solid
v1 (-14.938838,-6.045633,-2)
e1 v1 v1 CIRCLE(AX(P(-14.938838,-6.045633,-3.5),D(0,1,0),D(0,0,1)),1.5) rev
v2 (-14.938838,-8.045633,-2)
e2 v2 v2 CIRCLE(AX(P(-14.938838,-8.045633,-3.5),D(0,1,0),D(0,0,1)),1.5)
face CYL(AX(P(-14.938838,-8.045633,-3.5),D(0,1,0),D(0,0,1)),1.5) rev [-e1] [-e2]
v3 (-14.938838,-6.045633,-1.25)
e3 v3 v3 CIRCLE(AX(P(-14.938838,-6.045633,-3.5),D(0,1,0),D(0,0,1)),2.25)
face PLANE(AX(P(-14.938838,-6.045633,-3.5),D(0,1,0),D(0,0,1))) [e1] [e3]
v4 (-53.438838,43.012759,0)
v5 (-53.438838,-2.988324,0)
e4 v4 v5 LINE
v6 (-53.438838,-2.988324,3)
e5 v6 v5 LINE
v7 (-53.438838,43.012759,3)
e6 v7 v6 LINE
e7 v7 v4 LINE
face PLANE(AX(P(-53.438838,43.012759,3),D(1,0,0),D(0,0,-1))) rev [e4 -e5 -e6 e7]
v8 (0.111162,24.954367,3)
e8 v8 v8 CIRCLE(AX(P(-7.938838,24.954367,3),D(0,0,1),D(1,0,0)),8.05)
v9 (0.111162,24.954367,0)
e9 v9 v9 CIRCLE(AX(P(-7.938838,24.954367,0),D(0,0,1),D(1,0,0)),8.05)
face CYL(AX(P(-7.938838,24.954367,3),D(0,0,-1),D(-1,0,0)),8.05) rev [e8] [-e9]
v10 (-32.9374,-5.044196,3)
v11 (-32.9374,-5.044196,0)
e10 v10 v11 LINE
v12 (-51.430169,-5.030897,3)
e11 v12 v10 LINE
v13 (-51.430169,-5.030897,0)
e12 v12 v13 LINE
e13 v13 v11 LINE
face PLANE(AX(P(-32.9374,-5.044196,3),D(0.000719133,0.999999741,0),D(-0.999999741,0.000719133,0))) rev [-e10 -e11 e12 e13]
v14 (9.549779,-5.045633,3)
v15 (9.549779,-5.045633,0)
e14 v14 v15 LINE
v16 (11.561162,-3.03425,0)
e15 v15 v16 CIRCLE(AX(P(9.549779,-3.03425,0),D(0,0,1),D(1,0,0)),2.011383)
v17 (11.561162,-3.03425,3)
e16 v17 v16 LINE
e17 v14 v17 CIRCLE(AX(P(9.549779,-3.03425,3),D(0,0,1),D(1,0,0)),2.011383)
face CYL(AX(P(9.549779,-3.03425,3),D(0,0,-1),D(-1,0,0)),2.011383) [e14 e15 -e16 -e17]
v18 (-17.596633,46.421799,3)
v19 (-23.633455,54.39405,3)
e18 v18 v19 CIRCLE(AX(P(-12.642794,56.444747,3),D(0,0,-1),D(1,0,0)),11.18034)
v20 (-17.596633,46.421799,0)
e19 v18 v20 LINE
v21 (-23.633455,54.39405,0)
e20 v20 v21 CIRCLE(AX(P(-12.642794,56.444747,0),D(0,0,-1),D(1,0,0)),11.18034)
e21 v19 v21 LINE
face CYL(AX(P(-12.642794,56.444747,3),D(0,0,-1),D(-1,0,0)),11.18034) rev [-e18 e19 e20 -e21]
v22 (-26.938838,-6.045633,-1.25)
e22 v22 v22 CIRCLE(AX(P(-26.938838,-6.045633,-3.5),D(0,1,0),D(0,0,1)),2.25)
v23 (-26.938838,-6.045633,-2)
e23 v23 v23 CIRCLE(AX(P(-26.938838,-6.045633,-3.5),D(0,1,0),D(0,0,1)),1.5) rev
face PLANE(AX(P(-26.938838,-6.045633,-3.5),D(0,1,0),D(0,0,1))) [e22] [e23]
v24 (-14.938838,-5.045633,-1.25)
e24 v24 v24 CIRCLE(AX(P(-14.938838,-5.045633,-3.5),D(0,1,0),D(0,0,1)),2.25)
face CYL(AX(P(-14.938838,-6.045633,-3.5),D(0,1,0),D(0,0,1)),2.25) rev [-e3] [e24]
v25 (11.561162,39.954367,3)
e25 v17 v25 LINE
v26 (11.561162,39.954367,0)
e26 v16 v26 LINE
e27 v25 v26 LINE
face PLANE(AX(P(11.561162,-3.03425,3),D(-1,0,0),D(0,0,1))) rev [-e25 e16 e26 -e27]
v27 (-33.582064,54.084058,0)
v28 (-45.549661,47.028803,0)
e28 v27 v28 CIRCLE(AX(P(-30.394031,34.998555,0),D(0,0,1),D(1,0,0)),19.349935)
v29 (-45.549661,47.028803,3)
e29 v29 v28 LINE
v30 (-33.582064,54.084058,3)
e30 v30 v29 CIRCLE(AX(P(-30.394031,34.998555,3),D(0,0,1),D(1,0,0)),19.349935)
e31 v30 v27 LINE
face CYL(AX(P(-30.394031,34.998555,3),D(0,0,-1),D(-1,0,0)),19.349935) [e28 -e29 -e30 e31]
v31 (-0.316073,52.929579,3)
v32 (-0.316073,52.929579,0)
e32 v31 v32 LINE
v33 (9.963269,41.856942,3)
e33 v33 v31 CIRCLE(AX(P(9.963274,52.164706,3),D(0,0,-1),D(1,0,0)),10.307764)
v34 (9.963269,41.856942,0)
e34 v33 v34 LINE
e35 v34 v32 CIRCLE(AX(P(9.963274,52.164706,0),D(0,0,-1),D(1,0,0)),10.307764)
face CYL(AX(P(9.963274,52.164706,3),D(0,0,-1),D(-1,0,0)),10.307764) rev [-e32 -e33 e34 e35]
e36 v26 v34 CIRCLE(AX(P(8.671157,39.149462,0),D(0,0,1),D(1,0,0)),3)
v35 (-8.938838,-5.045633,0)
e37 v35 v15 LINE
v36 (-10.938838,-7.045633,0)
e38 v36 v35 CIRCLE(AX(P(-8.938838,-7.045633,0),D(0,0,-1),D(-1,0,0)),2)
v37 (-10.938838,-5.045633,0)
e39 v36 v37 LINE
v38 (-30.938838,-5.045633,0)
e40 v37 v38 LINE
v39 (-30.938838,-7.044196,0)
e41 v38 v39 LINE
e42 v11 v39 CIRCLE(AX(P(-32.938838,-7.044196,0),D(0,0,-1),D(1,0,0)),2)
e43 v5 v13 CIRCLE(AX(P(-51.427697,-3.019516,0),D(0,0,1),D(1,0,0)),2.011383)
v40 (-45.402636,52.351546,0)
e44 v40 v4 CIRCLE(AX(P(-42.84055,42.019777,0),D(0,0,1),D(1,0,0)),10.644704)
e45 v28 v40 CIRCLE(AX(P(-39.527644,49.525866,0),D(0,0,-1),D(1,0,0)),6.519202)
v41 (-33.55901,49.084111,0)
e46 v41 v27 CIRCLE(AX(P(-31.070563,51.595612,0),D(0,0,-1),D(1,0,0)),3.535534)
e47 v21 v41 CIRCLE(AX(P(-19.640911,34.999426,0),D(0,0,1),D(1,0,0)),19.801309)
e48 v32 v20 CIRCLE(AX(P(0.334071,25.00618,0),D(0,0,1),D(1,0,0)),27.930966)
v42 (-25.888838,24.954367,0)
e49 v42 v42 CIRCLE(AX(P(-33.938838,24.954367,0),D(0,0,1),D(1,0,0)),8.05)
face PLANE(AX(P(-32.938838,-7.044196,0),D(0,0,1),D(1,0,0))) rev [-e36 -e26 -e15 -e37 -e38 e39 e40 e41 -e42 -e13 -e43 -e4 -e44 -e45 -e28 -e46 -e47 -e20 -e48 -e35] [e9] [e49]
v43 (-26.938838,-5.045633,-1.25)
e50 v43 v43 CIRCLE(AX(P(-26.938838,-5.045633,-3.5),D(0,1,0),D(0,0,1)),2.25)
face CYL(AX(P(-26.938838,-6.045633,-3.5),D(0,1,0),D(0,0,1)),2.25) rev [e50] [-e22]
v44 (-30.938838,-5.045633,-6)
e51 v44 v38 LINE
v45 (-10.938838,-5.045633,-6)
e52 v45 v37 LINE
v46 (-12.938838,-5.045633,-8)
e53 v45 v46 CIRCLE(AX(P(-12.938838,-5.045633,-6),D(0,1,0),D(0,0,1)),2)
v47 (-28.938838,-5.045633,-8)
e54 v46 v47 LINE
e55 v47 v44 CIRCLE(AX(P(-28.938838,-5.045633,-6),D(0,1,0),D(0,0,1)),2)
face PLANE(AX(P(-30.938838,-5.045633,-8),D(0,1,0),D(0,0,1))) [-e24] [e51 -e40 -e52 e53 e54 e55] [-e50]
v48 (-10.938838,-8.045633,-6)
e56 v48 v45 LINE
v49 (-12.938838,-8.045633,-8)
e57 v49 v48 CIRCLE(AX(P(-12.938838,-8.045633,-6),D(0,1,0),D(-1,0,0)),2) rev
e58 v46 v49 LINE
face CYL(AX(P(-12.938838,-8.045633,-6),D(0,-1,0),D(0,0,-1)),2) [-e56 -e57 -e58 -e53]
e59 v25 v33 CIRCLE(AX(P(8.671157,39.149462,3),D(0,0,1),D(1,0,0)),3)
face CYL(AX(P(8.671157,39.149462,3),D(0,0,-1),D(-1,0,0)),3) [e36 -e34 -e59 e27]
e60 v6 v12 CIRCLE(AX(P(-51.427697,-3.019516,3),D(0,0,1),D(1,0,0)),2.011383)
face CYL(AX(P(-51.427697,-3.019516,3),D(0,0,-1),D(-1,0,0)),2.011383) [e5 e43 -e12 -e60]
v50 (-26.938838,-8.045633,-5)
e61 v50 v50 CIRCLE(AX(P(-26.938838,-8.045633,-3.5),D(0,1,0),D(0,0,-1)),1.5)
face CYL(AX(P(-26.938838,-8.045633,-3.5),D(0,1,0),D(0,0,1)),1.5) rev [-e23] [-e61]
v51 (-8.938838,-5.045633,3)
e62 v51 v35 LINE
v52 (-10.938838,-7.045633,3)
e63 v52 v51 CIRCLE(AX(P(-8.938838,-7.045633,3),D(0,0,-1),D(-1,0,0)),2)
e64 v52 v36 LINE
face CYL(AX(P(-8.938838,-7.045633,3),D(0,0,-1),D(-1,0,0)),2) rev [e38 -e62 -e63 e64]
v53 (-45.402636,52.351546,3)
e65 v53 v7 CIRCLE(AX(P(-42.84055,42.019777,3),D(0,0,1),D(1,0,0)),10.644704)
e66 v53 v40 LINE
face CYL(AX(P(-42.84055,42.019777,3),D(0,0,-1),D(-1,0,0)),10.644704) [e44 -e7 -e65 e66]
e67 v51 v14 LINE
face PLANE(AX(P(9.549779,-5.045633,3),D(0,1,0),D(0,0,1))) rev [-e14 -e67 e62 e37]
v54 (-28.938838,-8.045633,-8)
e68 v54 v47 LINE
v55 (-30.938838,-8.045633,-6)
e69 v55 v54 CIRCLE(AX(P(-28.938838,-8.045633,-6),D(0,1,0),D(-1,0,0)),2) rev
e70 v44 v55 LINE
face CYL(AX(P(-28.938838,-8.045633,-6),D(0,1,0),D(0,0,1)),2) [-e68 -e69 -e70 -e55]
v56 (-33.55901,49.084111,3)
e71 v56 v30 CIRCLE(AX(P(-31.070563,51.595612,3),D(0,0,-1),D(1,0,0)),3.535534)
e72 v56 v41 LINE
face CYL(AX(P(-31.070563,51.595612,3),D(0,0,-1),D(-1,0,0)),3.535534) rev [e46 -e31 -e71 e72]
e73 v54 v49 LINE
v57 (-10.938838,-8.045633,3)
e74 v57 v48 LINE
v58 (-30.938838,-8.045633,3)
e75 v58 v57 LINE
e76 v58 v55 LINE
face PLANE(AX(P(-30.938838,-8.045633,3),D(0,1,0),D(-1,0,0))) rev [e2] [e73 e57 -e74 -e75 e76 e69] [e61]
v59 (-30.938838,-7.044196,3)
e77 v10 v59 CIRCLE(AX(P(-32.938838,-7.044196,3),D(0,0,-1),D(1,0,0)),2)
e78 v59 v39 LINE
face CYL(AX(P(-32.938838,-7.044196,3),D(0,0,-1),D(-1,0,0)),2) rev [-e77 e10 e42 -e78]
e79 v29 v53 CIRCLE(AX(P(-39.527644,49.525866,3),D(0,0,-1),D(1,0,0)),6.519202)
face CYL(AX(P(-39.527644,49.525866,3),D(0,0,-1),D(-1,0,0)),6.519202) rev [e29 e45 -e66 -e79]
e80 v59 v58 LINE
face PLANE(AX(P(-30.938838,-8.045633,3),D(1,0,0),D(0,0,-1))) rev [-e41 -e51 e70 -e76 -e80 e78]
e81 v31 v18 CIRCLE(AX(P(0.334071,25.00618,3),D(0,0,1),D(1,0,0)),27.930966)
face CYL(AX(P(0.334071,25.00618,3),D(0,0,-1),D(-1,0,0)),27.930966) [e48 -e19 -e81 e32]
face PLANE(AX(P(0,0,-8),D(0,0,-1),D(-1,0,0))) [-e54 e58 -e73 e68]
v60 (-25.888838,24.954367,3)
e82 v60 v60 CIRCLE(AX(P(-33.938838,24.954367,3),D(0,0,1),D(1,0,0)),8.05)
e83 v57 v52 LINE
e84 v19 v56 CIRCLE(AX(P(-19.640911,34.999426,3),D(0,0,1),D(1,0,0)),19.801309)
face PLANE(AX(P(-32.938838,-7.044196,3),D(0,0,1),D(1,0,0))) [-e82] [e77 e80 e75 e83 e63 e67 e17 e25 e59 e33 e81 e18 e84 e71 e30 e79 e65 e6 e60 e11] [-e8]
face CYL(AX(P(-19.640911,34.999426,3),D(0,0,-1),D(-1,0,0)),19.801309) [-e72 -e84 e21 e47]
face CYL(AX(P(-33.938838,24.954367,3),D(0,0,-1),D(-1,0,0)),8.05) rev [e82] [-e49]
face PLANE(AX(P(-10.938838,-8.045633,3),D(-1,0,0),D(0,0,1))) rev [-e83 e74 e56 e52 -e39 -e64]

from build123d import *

# Parameters (mm, degrees)
CROQUIS1_R              = 8.05
SALIENTE_EXTRUIR1_DEPTH = 3
CROQUIS2_W              = 20
CROQUIS2_H              = 3
SALIENTE_EXTRUIR2_DEPTH = 11
CROQUIS3_R              = 1.5
CORTAR_EXTRUIR1_DEPTH   = 3
REDONDEO2_R             = 2
CROQUIS4_R              = 2.25
CORTAR_EXTRUIR2_DEPTH   = 1


with BuildPart() as part:
    # Croquis1 → Saliente-Extruir1 (new body)
    with BuildSketch(Plane.XY):
        with BuildLine():
            Line((-30.938838255, -8.045633461), (-10.938838255, -8.045633461))
            Line((-10.938838255, -8.045633461), (-10.938838255, -7.045633461))
            ThreePointArc((-10.938838255, -7.045633461), (-10.353051818, -5.631419899), (-8.938838255, -5.045633461))
            Line((-8.938838255, -5.045633461), (9.549778797, -5.045633461))
            ThreePointArc((9.549778797, -5.045633461), (10.972041616, -4.456512912), (11.561162165, -3.034250093))
            Line((11.561162165, -3.034250093), (11.561162165, 39.954366539))
            ThreePointArc((11.561162165, 39.954366539), (10.968432365, 41.078847271), (9.963268776, 41.856942185))
            ThreePointArc((9.963268776, 41.856942185), (2.408997489, 45.151653306), (-0.316073105, 52.929578886))
            ThreePointArc((-0.316073105, 52.929578886), (-9.509697497, 51.145023059), (-17.59663302, 46.421799285))
            ThreePointArc((-17.59663302, 46.421799285), (-21.556040731, 49.695374216), (-23.633455433, 54.394049605))
            ThreePointArc((-23.633455433, 54.394049605), (-28.98150225, 52.459242343), (-33.559009638, 49.084111234))
            ThreePointArc((-33.559009638, 49.084111234), (-34.606059472, 51.579310047), (-33.582063508, 54.084058086))
            ThreePointArc((-33.582063508, 54.084058086), (-40.220863613, 51.667488325), (-45.549660534, 47.028803207))
            ThreePointArc((-45.549660534, 47.028803207), (-46.044361143, 49.705869681), (-45.402636247, 52.35154592))
            ThreePointArc((-45.402636247, 52.35154592), (-50.909137078, 48.962948767), (-53.438838255, 43.012759358))
            Line((-53.438838255, 43.012759358), (-53.438838255, -2.988324387))
            ThreePointArc((-53.438838255, -2.988324387), (-52.861811755, -4.429826639), (-51.430168576, -5.030897458))
            Line((-51.430168576, -5.030897458), (-32.937399988, -5.044196229))
            ThreePointArc((-32.937399988, -5.044196229), (-31.52411628, -5.630490745), (-30.938838255, -7.044195711))
            Line((-30.938838255, -7.044195711), (-30.938838255, -8.045633461))
        make_face()
        with Locations((-7.938838255, 24.954366539)):
            Circle(CROQUIS1_R, mode=Mode.SUBTRACT)
        with Locations((-33.938838255, 24.954366539)):
            Circle(CROQUIS1_R, mode=Mode.SUBTRACT)
    extrude(amount=SALIENTE_EXTRUIR1_DEPTH)

    # Croquis2 → Saliente-Extruir2 (add)
    with BuildSketch(Plane.XY.offset(3)):
        with Locations((-20.938838255, -6.545633461)):
            Rectangle(CROQUIS2_W, CROQUIS2_H)
    extrude(amount=-SALIENTE_EXTRUIR2_DEPTH)

    # Croquis3 → Cortar-Extruir1 (cut)
    with BuildSketch(Plane(origin=(0, -5.045633461, 0), x_dir=(1, 0, 0), z_dir=(0, 1, 0))):
        with Locations((-14.938838255, 3.5)):
            Circle(CROQUIS3_R)
        with Locations((-26.938838255, 3.5)):
            Circle(CROQUIS3_R)
    extrude(amount=-CORTAR_EXTRUIR1_DEPTH, mode=Mode.SUBTRACT)

    # Redondeo2
    redondeo2_edges = [part.edges().sort_by_distance(p)[0] for p in [
        (-30.938838255, -6.545633461, -8),
        (-10.938838255, -6.545633461, -8),
    ]]
    fillet(redondeo2_edges, radius=REDONDEO2_R)

    # Croquis4 → Cortar-Extruir2 (cut)
    with BuildSketch(Plane(origin=(0, -5.045633461, 0), x_dir=(1, 0, 0), z_dir=(0, 1, 0))):
        with Locations((-26.938838255, 3.5)):
            Circle(CROQUIS4_R)
        with Locations((-14.938838255, 3.5)):
            Circle(CROQUIS4_R)
    extrude(amount=-CORTAR_EXTRUIR2_DEPTH, mode=Mode.SUBTRACT)


solid = part.part
